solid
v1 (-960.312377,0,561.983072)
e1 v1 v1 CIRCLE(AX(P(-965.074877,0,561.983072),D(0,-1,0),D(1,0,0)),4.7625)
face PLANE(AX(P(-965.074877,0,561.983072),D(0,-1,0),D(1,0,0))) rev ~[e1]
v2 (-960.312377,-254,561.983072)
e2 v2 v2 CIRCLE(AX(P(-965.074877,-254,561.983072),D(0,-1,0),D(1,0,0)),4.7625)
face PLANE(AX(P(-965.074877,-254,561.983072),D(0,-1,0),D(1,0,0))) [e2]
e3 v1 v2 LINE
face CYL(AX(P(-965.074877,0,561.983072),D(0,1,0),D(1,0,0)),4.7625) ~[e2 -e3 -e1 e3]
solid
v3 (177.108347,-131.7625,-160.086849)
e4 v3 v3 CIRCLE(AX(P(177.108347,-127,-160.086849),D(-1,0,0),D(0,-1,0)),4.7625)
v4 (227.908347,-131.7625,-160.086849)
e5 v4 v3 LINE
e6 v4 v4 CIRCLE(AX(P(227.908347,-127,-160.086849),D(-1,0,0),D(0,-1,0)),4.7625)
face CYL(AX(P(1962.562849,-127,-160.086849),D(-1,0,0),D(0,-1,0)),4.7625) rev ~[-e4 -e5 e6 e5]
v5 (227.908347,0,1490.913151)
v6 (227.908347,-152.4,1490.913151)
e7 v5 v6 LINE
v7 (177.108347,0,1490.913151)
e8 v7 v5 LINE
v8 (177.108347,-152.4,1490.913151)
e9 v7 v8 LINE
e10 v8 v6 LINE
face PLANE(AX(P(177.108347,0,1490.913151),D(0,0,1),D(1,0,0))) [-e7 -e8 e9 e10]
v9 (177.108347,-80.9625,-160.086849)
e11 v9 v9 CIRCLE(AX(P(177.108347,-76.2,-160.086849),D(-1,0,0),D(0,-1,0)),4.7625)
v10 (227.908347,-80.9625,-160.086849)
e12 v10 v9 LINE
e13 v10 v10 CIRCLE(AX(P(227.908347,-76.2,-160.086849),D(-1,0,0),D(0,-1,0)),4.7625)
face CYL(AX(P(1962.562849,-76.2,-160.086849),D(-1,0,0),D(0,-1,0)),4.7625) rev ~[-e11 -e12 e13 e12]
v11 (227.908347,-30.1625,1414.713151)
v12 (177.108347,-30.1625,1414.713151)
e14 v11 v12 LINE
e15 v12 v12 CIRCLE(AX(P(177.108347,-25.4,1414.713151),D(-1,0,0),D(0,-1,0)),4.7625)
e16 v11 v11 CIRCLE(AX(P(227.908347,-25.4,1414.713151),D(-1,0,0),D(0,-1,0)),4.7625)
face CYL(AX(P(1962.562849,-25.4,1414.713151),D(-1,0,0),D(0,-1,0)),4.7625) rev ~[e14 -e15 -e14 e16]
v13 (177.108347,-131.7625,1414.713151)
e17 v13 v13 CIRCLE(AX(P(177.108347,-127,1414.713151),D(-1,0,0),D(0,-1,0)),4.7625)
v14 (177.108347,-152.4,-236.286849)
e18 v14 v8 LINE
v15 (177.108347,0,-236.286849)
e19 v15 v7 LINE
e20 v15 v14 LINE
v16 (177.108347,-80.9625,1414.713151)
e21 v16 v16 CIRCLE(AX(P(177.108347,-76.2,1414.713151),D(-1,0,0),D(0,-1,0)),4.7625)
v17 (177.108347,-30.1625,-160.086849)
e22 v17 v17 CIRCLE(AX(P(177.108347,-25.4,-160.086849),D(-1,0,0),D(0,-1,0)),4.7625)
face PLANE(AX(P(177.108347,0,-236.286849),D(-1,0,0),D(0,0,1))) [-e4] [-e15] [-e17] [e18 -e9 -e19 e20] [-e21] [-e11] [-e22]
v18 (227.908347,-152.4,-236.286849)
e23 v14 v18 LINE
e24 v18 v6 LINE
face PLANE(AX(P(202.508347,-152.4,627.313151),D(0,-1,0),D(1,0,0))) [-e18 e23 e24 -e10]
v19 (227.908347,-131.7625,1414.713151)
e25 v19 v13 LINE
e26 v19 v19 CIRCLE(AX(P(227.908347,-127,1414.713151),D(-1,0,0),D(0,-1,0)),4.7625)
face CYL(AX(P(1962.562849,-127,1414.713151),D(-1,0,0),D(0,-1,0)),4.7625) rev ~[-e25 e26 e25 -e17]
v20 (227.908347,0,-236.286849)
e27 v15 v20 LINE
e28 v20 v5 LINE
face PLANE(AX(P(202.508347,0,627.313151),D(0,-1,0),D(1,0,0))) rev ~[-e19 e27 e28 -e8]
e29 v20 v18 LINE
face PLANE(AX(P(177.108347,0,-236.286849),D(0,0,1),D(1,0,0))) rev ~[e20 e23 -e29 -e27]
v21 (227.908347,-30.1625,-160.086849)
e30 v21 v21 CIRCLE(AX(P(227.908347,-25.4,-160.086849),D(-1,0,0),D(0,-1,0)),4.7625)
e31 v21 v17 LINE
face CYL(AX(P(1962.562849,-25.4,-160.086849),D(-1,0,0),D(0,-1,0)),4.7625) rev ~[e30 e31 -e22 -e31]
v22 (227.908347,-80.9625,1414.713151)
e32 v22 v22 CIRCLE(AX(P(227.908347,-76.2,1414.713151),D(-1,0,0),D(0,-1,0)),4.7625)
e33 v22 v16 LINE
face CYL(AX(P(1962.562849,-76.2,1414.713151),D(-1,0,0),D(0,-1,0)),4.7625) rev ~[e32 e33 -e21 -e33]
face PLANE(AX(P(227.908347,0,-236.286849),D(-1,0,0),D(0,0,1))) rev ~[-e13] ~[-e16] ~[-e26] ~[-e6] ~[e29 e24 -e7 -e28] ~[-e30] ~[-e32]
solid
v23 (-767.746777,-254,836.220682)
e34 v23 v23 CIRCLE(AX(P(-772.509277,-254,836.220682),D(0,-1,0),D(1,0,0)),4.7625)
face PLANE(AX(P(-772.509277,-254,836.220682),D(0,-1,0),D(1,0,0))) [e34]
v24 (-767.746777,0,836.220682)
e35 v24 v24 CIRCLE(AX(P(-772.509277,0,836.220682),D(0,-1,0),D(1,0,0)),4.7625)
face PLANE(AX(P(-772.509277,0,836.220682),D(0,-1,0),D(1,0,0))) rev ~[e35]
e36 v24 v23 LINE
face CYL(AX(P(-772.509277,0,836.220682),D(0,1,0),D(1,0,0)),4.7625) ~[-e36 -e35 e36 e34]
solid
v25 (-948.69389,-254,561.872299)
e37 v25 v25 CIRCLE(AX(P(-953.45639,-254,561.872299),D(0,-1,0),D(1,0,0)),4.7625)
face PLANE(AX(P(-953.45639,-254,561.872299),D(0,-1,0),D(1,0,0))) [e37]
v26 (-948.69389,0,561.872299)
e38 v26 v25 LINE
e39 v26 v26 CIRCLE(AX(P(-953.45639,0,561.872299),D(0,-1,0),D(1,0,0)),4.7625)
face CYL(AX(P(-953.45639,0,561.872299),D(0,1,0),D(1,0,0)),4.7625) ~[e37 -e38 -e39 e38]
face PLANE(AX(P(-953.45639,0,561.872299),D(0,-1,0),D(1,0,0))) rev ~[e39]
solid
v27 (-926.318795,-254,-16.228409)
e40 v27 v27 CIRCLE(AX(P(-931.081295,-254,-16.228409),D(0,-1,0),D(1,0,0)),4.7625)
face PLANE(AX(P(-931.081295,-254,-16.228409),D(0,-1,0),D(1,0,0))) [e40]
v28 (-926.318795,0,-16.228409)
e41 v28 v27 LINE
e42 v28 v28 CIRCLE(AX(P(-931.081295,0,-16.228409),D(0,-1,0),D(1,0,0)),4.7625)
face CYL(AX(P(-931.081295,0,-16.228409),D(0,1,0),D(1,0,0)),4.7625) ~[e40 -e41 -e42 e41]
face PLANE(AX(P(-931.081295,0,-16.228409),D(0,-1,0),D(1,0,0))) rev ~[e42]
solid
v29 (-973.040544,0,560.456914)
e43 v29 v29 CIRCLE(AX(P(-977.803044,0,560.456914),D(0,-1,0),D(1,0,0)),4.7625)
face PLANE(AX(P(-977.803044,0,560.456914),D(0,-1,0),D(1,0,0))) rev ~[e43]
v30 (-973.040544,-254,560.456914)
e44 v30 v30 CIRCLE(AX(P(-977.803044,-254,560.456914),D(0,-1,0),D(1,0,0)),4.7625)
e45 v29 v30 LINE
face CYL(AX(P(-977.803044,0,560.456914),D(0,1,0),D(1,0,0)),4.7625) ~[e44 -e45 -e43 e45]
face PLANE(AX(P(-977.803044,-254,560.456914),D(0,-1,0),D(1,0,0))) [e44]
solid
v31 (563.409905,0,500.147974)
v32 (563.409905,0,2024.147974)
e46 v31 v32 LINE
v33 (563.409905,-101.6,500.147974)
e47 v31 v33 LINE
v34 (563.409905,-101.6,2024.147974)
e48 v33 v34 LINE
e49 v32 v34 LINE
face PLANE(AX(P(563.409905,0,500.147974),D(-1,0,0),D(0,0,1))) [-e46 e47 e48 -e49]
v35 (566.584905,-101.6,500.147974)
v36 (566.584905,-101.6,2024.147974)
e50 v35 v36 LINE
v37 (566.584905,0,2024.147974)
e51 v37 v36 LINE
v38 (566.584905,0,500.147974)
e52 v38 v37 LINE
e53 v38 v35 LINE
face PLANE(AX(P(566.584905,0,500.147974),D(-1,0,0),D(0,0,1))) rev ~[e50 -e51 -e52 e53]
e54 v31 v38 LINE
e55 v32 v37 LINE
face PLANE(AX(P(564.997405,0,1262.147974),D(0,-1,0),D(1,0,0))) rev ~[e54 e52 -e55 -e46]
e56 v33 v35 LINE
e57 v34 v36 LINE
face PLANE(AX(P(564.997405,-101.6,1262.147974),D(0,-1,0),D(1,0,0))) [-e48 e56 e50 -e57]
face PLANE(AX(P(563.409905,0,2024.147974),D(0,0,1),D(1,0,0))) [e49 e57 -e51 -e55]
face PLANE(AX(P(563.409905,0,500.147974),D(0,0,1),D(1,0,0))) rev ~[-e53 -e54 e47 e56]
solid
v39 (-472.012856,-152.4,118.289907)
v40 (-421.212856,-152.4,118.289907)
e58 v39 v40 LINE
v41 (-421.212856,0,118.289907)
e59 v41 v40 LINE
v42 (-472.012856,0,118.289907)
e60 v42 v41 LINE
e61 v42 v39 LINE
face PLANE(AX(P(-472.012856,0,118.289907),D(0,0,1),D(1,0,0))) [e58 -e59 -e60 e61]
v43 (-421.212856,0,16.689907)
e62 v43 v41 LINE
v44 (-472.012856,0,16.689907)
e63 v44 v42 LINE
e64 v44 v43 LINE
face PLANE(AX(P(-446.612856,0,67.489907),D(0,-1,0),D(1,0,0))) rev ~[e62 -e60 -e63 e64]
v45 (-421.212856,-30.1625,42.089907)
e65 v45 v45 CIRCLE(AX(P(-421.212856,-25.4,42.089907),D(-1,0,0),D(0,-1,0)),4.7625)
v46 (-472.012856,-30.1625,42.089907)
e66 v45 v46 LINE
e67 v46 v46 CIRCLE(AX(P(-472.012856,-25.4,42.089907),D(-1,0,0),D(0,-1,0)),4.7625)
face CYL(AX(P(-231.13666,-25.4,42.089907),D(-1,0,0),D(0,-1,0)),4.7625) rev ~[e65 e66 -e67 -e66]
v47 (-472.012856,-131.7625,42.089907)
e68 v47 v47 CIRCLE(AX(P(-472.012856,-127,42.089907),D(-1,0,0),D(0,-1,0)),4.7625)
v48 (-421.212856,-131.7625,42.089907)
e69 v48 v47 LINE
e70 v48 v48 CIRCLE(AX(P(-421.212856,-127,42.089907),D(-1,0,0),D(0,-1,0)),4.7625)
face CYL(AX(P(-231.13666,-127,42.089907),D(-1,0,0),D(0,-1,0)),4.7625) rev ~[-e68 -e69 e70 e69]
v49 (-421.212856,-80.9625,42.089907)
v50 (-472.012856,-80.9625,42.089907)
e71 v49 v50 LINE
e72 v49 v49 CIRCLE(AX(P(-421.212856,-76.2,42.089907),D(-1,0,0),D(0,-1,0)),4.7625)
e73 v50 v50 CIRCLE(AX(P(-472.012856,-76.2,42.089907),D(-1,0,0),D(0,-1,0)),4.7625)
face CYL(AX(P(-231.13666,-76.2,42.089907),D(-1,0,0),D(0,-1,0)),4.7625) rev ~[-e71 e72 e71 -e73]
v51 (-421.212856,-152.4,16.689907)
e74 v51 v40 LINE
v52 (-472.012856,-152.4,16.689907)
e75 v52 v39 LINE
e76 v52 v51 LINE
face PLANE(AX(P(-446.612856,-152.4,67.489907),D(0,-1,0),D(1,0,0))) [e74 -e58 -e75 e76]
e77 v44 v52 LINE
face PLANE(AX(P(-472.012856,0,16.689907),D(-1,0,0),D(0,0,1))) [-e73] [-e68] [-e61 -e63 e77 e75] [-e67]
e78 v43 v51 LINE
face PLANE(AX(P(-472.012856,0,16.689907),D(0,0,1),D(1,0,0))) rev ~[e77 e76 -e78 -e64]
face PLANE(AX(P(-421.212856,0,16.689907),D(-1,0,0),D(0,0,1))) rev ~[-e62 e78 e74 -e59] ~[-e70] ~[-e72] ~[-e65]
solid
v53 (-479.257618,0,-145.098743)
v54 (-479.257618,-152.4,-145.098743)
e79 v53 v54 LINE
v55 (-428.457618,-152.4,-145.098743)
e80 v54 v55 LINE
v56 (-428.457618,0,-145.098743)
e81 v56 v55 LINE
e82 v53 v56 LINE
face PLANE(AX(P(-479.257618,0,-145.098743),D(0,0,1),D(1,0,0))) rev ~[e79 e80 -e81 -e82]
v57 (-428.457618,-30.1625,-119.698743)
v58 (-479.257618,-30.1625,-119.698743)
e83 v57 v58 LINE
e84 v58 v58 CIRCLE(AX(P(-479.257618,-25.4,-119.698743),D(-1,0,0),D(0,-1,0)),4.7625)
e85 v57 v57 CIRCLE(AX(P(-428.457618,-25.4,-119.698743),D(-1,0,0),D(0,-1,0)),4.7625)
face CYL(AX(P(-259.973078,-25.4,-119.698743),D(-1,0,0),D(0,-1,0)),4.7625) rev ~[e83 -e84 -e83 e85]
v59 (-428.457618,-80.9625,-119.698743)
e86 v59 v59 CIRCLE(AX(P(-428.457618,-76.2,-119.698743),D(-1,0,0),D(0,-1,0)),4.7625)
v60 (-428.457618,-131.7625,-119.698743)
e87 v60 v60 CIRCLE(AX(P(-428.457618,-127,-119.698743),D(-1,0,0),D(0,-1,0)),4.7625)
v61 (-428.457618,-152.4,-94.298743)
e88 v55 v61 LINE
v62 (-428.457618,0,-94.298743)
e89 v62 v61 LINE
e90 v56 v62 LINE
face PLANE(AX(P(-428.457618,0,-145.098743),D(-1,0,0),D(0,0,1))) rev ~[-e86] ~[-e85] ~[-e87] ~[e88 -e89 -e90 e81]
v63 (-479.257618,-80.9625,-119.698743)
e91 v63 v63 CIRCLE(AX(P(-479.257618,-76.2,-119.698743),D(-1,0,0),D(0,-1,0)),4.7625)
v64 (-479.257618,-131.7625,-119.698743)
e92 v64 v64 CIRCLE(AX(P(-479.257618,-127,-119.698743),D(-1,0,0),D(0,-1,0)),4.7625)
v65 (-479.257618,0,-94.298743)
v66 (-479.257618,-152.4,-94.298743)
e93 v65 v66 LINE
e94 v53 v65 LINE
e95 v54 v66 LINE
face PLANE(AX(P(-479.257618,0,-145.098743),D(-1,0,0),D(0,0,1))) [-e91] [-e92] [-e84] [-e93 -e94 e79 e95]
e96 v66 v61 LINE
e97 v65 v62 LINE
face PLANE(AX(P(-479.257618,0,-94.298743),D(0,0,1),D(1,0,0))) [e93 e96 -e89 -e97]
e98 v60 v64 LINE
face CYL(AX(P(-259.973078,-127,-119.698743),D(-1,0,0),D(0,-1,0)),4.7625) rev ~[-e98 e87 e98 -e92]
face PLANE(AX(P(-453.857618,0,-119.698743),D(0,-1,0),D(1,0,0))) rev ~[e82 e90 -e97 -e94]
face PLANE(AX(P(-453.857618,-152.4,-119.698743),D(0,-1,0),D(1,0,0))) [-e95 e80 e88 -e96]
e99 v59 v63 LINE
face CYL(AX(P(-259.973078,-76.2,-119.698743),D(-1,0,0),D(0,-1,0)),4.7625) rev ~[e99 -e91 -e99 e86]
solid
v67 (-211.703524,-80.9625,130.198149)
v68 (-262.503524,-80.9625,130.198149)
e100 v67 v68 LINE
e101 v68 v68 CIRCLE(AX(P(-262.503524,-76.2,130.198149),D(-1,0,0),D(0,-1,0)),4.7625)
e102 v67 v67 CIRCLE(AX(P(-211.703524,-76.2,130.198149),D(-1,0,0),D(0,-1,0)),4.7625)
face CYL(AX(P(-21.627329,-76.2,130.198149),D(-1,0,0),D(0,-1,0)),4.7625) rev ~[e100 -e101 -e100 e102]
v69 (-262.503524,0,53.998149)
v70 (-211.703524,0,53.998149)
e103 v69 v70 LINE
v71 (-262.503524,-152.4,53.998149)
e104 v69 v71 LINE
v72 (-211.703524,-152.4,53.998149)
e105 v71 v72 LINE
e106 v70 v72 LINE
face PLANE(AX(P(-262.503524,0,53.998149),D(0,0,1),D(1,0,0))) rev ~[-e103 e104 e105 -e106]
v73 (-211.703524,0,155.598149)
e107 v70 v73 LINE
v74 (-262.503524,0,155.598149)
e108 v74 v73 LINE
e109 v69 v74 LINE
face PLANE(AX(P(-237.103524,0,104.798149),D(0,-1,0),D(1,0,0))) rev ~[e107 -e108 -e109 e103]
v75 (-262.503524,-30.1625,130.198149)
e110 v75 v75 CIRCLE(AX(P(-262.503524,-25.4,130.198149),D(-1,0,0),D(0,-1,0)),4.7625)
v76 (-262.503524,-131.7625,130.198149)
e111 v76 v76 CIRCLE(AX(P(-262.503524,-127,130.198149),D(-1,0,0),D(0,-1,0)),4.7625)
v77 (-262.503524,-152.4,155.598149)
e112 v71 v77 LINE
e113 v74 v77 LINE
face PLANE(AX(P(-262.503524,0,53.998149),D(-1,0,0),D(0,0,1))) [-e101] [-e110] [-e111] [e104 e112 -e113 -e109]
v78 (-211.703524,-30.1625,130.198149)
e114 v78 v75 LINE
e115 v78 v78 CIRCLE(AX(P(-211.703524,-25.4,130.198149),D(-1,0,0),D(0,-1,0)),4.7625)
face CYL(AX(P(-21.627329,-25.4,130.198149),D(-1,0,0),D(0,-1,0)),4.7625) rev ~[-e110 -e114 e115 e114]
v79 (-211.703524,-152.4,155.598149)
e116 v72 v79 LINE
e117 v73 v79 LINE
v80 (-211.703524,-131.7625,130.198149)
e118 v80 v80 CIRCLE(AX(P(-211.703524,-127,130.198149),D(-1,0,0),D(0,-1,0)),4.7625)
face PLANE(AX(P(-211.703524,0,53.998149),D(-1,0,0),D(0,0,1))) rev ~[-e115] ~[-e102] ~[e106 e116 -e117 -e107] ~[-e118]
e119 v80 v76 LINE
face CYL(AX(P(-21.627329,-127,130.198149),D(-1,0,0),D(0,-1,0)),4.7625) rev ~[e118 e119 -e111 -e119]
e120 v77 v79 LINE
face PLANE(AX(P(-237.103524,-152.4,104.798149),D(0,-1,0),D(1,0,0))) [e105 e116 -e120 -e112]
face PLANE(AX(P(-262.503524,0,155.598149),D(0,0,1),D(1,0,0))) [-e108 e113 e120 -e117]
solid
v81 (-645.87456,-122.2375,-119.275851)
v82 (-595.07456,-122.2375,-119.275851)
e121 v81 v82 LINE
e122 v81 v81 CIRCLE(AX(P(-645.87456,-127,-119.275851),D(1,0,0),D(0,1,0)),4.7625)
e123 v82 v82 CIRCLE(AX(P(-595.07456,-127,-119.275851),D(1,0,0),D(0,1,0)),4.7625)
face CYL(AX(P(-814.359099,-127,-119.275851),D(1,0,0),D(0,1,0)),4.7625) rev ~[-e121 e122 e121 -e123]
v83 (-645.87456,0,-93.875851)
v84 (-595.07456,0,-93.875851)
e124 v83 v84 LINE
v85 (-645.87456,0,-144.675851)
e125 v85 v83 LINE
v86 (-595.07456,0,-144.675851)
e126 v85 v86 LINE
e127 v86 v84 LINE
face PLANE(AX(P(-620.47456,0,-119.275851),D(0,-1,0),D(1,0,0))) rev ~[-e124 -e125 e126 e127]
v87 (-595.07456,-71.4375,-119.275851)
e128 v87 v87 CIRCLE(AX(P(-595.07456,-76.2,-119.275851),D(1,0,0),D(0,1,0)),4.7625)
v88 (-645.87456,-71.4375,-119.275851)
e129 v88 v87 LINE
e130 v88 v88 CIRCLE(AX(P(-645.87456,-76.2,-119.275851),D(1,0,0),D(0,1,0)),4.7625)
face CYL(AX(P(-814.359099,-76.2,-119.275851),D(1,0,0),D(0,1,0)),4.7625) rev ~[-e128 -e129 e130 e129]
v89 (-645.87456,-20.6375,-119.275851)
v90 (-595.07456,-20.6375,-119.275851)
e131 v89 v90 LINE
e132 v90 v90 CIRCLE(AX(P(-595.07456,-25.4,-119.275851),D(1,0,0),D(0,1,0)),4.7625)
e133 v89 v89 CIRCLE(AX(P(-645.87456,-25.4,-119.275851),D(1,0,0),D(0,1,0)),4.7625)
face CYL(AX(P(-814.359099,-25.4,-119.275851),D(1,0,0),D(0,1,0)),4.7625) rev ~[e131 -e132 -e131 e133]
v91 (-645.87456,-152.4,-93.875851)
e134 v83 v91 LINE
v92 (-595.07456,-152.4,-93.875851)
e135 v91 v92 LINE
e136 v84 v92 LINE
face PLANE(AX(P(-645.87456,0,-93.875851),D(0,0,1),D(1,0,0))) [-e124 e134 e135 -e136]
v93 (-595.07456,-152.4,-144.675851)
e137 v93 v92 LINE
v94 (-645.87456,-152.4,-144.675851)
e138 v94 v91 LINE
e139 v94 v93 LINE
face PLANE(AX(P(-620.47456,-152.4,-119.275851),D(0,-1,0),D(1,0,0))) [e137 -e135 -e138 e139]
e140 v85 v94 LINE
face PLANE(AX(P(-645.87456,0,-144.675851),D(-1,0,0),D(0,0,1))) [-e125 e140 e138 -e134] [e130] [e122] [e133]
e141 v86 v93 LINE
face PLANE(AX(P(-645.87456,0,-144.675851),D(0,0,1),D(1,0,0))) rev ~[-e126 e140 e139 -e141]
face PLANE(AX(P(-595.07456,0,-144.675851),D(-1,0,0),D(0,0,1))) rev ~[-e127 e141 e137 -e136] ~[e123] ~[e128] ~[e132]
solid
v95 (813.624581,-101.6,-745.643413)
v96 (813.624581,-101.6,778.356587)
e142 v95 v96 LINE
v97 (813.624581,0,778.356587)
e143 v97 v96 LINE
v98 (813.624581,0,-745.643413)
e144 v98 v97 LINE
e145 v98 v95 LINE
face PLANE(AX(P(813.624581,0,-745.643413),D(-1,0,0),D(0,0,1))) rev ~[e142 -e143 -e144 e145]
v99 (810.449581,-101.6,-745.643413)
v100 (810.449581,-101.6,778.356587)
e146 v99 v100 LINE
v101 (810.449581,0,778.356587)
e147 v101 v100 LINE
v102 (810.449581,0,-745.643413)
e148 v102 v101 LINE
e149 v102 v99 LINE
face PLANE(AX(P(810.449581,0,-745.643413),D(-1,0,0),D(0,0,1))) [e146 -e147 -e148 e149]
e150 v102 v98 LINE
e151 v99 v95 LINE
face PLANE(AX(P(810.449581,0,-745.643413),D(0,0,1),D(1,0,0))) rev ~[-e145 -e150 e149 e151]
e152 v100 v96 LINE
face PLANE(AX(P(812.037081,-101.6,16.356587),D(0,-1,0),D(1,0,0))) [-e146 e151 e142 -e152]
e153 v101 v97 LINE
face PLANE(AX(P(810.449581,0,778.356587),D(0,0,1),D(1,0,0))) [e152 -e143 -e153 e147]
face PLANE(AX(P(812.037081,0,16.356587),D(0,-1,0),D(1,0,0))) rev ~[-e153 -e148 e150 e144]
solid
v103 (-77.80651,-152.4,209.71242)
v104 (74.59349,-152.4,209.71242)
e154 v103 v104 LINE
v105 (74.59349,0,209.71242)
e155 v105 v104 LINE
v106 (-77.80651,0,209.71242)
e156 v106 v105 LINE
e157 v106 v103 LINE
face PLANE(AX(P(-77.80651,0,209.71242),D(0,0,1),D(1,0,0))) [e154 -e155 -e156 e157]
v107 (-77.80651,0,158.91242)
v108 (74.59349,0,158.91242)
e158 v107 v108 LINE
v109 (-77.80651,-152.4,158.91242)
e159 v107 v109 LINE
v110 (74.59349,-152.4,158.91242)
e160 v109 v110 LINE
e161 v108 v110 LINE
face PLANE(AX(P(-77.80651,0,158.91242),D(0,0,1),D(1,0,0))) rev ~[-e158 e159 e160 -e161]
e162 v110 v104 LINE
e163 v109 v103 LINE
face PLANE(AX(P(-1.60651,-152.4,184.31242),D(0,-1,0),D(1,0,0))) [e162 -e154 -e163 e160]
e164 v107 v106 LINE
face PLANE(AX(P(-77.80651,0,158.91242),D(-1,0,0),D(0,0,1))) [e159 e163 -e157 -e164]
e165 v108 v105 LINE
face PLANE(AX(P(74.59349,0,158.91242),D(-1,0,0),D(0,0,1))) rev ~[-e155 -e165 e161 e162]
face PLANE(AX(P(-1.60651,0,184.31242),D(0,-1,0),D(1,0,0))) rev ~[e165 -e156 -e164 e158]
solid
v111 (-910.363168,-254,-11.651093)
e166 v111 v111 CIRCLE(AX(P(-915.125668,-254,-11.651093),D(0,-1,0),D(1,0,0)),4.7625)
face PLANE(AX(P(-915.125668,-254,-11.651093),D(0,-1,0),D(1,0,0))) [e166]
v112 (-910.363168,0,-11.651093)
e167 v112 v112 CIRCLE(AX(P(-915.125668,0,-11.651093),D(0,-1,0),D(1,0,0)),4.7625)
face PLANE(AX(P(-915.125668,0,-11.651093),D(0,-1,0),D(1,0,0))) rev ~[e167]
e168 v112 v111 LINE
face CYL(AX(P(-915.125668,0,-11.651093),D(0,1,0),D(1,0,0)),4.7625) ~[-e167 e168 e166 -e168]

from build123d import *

# Parameters (mm, degrees)
F0_W      = 50.8
F0_H      = 101.6
F1_DEPTH  = 152.4
F2_DEPTH  = 152.4
F0_W_2    = 152.4
F0_H_2    = 50.8
F3_DEPTH  = 152.4
F4_DEPTH  = 152.4
F0_H_3    = 1727.2
F5_W      = 3.175
F5_H      = 1524
F6_DEPTH  = 101.6
F7_R      = 4.7625
F8_DEPTH  = 254
F9_R      = 4.7625
F11_DEPTH = 254
F10_R     = 4.7625
F13_D     = 9.525
F15_D     = 9.525
F17_D     = 9.525
F19_D     = 9.525
F21_D     = 9.525
F22_R     = 4.7625
F23_DEPTH = 254


with BuildPart() as f1:
    # F0 (on Front) → F1 (new body)
    with BuildSketch(Plane.XZ):
        with Locations((-446.6128557265, 67.4899072211)):
            Rectangle(F0_W, F0_H)
    extrude(amount=F1_DEPTH)

    # F17 (through all)
    with Locations(Plane.YZ.offset(-421.2128557265)):
        with Locations((-127, 42.0899072211), (-76.2, 42.0899072211), (-25.4, 42.0899072211)):
            Hole(F17_D / 2)


with BuildPart() as f2:
    # F0 (on Front) → F2 (new body)
    with BuildSketch(Plane.XZ):
        with Locations((-237.1035239935, 104.7981487036)):
            Rectangle(F0_W, F0_H)
    extrude(amount=F2_DEPTH)

    # F19 (through all)
    with Locations(Plane.YZ.offset(-211.7035239935)):
        with Locations((-127, 130.1981487036), (-76.2, 130.1981487036), (-25.4, 130.1981487036)):
            Hole(F19_D / 2)


with BuildPart() as f3:
    # F0 (on Front) → F3 (new body)
    with BuildSketch(Plane.XZ):
        with Locations((-1.6065100312, 184.3124202728)):
            Rectangle(F0_W_2, F0_H_2)
    extrude(amount=F3_DEPTH)


with BuildPart() as f4:
    # F0 (on Front) → F4 (new body)
    with BuildSketch(Plane.XZ):
        with Locations((-620.4745598793, -119.2758508682)):
            Rectangle(F0_W, F0_H_2)
    extrude(amount=F4_DEPTH)

    # F13 (through all)
    with Locations(Plane(origin=(-645.8745598793, 0, 0), x_dir=(0, -1, 0), z_dir=(-1, 0, 0))):
        with Locations((25.4, -119.2758508682), (127, -119.2758508682), (76.2, -119.2758508682)):
            Hole(F13_D / 2)


with BuildPart() as f4b:
    # F0 (on Front) → F4, piece 2 (new body)
    with BuildSketch(Plane.XZ):
        with Locations((-453.8576177597, -119.6987427115)):
            Rectangle(F0_W, F0_H_2)
    extrude(amount=F4_DEPTH)

    # F15 (through all)
    with Locations(Plane.YZ.offset(-428.4576177597)):
        with Locations((-127, -119.6987427115), (-76.2, -119.6987427115), (-25.4, -119.6987427115)):
            Hole(F15_D / 2)


with BuildPart() as f4c:
    # F0 (on Front) → F4, piece 3 (new body)
    with BuildSketch(Plane.XZ):
        with Locations((202.5083474159, 627.3131512165)):
            Rectangle(F0_W, F0_H_3)
    extrude(amount=F4_DEPTH)

    # F21 (through all)
    with Locations(Plane.YZ.offset(227.9083474159)):
        with Locations((-127, -160.0868487835), (-76.2, -160.0868487835), (-25.4, -160.0868487835), (-127, 1414.7131512165), (-76.2, 1414.7131512165), (-25.4, 1414.7131512165)):
            Hole(F21_D / 2)


with BuildPart() as f6:
    # F5 (on Front) → F6 (new body)
    with BuildSketch(Plane.XZ):
        with Locations((564.9974048138, 1262.1479739351)):
            Rectangle(F5_W, F5_H)
    extrude(amount=F6_DEPTH)


with BuildPart() as f6b:
    # F5 (on Front) → F6, piece 2 (new body)
    with BuildSketch(Plane.XZ):
        with Locations((812.0370805264, 16.35658741)):
            Rectangle(F5_W, F5_H)
    extrude(amount=F6_DEPTH)


with BuildPart() as f8:
    # F7 (on Front) → F8 (new body)
    with BuildSketch(Plane.XZ):
        with Locations((-772.5092768669, 836.2206816673)):
            Circle(F7_R)
    extrude(amount=F8_DEPTH)


with BuildPart() as f11:
    # F9 (on Front) → F11 (new body)
    with BuildSketch(Plane.XZ):
        with Locations((-931.0812950134, -16.228409484)):
            Circle(F9_R)
    extrude(amount=F11_DEPTH)


with BuildPart() as f11b:
    # F10 (on Front) → F11, piece 2 (new body)
    with BuildSketch(Plane.XZ):
        with Locations((-915.1256680489, -11.6510931402)):
            Circle(F10_R)
    extrude(amount=F11_DEPTH)


with BuildPart() as f23:
    # F22 (on Front) → F23 (new body)
    with BuildSketch(Plane.XZ):
        with Locations((-977.8030441447, 560.4569140159)):
            Circle(F22_R)
    extrude(amount=F23_DEPTH)


with BuildPart() as f23b:
    # F22 (on Front) → F23, piece 2 (new body)
    with BuildSketch(Plane.XZ):
        with Locations((-965.0748769732, 561.9830721244)):
            Circle(F22_R)
    extrude(amount=F23_DEPTH)


with BuildPart() as f23c:
    # F22 (on Front) → F23, piece 3 (new body)
    with BuildSketch(Plane.XZ):
        with Locations((-953.4563895492, 561.8722988101)):
            Circle(F22_R)
    extrude(amount=F23_DEPTH)


solid = Compound([f1.part, f2.part, f3.part, f4.part, f4b.part, f4c.part, f6.part, f6b.part, f8.part, f11.part, f11b.part, f23.part, f23b.part, f23c.part])
